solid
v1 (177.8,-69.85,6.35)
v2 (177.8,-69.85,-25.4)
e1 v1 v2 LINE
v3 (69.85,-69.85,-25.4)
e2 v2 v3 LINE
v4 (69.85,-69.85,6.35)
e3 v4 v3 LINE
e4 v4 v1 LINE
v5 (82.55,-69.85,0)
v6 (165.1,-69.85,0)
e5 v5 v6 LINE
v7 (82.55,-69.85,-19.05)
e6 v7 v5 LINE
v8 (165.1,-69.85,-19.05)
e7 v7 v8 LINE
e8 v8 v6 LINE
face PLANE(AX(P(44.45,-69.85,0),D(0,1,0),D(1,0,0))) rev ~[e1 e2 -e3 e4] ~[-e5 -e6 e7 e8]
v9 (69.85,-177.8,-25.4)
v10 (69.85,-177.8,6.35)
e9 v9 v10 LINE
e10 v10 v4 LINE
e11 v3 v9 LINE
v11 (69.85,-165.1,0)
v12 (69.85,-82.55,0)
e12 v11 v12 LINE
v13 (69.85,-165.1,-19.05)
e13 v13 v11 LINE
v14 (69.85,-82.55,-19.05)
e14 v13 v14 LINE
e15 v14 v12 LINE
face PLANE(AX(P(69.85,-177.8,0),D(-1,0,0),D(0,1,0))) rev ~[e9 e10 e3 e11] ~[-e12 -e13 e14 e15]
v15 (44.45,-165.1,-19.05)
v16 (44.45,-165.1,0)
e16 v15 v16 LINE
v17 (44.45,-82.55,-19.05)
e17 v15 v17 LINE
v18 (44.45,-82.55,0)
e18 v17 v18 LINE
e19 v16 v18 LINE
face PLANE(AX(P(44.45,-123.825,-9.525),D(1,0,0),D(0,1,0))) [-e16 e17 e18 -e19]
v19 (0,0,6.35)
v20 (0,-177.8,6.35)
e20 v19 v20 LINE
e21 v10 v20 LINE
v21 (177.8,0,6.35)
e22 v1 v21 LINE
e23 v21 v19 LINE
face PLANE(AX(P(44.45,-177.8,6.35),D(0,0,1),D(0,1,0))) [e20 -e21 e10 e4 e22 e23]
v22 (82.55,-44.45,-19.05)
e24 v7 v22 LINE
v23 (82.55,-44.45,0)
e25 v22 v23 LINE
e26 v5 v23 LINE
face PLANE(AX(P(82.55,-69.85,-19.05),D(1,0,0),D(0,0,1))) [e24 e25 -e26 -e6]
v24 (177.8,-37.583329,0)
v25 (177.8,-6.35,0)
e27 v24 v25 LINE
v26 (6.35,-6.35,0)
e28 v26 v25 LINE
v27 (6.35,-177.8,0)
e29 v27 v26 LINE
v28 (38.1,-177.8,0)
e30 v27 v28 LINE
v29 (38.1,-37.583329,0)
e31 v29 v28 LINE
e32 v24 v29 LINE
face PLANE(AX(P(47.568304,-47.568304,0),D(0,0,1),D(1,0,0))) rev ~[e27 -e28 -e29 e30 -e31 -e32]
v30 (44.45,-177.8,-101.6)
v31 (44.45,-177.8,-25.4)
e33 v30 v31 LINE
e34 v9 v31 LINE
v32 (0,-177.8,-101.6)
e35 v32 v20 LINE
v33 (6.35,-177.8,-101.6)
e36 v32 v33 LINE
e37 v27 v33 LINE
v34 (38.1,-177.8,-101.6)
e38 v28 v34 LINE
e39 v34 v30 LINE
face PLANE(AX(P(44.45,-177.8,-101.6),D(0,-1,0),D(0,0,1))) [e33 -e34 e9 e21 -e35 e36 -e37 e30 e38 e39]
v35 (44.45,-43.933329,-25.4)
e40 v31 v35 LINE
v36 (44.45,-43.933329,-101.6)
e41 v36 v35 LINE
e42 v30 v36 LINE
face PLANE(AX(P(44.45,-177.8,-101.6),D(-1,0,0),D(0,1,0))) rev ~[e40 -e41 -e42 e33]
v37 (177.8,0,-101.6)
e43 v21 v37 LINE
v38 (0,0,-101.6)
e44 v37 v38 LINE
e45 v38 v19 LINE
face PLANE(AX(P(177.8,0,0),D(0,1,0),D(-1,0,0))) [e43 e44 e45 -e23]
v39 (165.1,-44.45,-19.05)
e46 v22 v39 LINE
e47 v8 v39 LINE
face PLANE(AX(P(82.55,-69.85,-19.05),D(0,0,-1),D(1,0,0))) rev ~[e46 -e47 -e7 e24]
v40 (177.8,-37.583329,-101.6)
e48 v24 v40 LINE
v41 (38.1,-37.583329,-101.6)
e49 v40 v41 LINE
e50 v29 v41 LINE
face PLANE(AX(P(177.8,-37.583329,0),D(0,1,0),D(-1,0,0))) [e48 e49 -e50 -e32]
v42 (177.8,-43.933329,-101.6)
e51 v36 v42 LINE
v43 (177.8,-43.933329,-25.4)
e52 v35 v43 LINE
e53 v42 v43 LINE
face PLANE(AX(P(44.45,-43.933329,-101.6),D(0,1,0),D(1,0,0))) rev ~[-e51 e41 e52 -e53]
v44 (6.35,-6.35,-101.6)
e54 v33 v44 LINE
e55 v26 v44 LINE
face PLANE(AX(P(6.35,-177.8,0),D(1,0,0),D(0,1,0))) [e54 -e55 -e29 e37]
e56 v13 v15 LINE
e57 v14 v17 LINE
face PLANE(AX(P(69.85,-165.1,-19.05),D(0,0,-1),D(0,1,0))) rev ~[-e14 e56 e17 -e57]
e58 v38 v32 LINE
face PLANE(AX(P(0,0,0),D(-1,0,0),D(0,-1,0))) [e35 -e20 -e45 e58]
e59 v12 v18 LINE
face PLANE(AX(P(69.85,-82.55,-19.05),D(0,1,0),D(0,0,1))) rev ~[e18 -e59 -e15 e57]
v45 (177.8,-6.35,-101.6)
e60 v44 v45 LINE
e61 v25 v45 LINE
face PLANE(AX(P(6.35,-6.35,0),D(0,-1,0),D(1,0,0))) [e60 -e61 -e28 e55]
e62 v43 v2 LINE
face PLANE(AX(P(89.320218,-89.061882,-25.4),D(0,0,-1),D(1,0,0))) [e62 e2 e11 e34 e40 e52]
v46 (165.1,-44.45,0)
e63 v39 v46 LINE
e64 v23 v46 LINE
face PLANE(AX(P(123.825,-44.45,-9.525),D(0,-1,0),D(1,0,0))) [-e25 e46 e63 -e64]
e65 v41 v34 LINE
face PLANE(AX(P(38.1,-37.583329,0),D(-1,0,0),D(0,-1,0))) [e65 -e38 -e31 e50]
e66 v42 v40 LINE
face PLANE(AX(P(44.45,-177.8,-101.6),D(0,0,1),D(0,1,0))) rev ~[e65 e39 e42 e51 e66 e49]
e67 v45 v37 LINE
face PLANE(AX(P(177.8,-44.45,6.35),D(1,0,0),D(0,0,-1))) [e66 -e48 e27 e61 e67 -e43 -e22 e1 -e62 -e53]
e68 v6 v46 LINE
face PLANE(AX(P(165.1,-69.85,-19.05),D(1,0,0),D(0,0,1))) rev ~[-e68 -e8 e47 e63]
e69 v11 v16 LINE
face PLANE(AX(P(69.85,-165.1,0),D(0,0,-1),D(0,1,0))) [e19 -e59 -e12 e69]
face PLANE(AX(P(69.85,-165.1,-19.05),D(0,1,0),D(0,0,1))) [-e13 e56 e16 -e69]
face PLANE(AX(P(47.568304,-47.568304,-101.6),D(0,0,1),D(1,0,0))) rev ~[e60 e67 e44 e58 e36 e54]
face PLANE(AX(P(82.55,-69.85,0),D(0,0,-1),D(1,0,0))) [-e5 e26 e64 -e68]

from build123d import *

# Parameters (mm, degrees)
F1_DEPTH  = 6.35
F2_DEPTH  = 101.6
F3_DEPTH  = 25.4
F4_DEPTH  = 25.4
F6_DEPTH  = 76.2
F7_W      = 82.55
F7_H      = 19.05
F8_DEPTH  = 25.4
F9_W      = 82.55
F9_H      = 19.05
F10_DEPTH = 25.4


with BuildPart() as f1:
    # F0 (on Top) → F1 (new body)
    with BuildSketch(Plane.XY):
        Polygon((177.8, 0), (0, 0), (0, -177.8), (6.35, -177.8), (6.35, -6.35), (177.8, -6.35), align=None)
        Polygon((6.35, -6.35), (6.35, -177.8), (38.1, -177.8), (38.1, -37.5833287835), (177.8, -37.5833287835), (177.8, -6.35), align=None)
        Polygon((38.1, -37.5833287835), (38.1, -177.8), (44.45, -177.8), (44.45, -44.45), (177.8, -44.45), (177.8, -37.5833287835), align=None)
    extrude(amount=F1_DEPTH)

    # F0 (on Top) → F2 (join)
    with BuildSketch(Plane.XY):
        Polygon((177.8, 0), (0, 0), (0, -177.8), (6.35, -177.8), (6.35, -6.35), (177.8, -6.35), align=None)
        Polygon((38.1, -37.5833287835), (38.1, -177.8), (44.45, -177.8), (44.45, -44.45), (177.8, -44.45), (177.8, -37.5833287835), align=None)
    extrude(amount=-F2_DEPTH)

    # F3 (add): a face of the model
    f3_faces = [f1.faces().sort_by_distance(p)[0] for p in [
        (111.125, -44.45, -47.625),
    ]]
    extrude(f3_faces, amount=F3_DEPTH)

    # F4 (add): a face of the model
    f4_faces = [f1.faces().sort_by_distance(p)[0] for p in [
        (44.45, -123.825, -47.625),
    ]]
    extrude(f4_faces, amount=F4_DEPTH)

    # F5 (on face) → F6 (cut)
    with BuildSketch(Plane(origin=(0, 0, -101.6), x_dir=(1, 0, 0), z_dir=(0, 0, -1))):
        Polygon((69.85, 177.8), (44.45, 177.8), (44.45, 43.9333287835), (177.8, 43.9333287835), (177.8, 69.85), (69.85, 69.85), align=None)
    extrude(amount=-F6_DEPTH, mode=Mode.SUBTRACT)

    # F7 (on face) → F8 (cut)
    with BuildSketch(Plane.YZ.offset(69.85)):
        with Locations((-123.825, -9.525)):
            Rectangle(F7_W, F7_H)
    extrude(amount=-F8_DEPTH, mode=Mode.SUBTRACT)

    # F9 (on face) → F10 (cut)
    with BuildSketch(Plane.XZ.offset(69.85)):
        with Locations((123.825, -9.525)):
            Rectangle(F9_W, F9_H)
    extrude(amount=-F10_DEPTH, mode=Mode.SUBTRACT)


solid = f1.part
